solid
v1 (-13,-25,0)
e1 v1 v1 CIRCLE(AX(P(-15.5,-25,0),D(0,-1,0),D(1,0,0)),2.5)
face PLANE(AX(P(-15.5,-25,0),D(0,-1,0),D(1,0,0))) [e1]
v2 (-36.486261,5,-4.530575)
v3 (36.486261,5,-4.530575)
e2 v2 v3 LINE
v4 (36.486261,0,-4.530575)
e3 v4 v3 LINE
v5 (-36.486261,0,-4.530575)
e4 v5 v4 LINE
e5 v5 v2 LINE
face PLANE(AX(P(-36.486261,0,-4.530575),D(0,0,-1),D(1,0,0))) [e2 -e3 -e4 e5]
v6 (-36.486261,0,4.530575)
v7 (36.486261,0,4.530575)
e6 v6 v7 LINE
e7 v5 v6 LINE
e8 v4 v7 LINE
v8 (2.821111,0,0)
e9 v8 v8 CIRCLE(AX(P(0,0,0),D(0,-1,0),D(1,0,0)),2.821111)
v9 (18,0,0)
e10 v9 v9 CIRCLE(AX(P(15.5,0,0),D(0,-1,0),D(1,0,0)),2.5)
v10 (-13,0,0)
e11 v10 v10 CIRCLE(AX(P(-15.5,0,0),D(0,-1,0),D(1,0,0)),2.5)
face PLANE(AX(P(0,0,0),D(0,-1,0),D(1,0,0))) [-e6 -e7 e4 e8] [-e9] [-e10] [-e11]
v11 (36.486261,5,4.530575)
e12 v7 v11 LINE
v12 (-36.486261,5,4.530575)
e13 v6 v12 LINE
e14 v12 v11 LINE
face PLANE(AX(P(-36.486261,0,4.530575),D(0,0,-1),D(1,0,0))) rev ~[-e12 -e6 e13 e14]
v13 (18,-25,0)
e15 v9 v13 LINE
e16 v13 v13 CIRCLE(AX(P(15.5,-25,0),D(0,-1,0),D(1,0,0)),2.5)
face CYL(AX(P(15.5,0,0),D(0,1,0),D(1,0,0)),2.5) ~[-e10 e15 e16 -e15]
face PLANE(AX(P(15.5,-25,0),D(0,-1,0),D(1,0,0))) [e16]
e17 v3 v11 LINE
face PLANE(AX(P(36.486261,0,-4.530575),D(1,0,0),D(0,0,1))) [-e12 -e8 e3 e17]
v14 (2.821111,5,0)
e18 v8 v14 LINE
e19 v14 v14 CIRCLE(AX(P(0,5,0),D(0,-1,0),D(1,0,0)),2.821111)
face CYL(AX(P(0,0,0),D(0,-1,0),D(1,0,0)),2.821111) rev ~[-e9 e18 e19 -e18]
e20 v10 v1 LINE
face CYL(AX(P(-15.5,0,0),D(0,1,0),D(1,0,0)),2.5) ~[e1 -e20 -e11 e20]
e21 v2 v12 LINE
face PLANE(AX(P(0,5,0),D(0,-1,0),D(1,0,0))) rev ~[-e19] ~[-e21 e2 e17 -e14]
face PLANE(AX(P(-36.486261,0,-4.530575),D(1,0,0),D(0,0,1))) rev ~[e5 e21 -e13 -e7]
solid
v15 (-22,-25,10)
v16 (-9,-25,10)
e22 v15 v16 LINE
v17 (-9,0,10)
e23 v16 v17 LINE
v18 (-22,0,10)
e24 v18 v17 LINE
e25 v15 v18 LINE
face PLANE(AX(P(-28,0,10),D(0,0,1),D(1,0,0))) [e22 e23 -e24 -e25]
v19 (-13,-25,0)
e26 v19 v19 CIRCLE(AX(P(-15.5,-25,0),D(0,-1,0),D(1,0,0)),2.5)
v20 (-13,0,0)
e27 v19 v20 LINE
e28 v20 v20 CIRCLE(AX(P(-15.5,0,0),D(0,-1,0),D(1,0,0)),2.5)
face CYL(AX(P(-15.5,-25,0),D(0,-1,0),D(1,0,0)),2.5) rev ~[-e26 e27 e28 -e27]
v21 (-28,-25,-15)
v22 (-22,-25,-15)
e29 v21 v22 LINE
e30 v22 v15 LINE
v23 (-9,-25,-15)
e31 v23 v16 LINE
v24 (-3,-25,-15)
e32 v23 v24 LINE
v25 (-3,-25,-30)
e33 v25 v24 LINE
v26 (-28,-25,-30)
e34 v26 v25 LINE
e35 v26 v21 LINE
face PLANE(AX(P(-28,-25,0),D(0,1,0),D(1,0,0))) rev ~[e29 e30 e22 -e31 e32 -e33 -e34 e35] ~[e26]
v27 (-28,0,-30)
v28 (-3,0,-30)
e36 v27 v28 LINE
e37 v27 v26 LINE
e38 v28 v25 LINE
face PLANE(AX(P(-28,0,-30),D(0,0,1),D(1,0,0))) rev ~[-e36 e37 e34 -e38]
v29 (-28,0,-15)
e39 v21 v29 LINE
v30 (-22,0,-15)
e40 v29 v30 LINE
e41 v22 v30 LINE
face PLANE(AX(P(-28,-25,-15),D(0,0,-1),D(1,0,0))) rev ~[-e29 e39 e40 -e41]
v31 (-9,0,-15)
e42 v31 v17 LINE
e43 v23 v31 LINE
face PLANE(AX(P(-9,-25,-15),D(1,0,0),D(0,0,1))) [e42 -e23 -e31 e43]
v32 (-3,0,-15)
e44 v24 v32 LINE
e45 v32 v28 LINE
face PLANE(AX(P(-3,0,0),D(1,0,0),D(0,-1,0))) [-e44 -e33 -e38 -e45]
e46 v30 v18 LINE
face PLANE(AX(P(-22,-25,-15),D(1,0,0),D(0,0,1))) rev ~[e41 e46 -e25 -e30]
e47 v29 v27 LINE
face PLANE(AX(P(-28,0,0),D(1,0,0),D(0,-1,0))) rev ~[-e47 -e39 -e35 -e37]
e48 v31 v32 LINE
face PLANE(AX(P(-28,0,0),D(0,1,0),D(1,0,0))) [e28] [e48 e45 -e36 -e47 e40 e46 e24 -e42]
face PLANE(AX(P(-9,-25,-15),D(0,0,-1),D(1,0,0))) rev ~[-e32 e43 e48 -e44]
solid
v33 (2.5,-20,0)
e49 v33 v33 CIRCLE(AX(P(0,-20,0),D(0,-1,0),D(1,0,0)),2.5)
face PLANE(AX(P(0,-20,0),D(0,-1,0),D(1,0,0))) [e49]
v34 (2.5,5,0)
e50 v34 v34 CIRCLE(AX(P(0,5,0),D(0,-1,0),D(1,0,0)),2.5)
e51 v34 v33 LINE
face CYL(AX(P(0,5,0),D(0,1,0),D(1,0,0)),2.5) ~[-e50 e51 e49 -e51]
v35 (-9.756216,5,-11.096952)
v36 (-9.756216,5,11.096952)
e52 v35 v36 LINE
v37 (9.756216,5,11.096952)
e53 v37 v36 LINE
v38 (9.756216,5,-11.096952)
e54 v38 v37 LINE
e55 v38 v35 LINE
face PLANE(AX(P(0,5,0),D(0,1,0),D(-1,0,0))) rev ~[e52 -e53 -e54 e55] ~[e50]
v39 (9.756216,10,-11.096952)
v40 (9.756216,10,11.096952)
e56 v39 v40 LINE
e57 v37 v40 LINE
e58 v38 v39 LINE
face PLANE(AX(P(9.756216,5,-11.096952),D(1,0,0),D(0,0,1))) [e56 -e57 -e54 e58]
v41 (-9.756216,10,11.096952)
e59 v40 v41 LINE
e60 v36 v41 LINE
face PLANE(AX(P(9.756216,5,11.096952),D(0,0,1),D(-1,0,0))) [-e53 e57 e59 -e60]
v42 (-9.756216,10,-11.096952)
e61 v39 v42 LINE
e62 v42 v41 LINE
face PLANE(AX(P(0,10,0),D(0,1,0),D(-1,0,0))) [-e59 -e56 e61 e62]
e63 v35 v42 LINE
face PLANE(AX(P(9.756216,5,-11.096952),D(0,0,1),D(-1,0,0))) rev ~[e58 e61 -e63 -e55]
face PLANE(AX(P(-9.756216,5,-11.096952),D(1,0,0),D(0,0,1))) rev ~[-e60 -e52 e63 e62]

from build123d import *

# Parameters (mm, degrees)
F0_W      = 25
F0_H      = 30
F1_DEPTH  = 25
F2_DEPTH  = 10
F3_R      = 2.5
F4_DEPTH  = 25
F5_W      = 72.9725211859
F5_H      = 9.0611493215
F6_DEPTH  = 5
F7_R      = 2.5
F8_DEPTH  = 25
F9_R      = 2.8211111783
F10_DEPTH = 25
F11_W     = 19.5124316961
F11_H     = 22.1939049661
F12_DEPTH = 5
F13_R     = 2.5
F14_DEPTH = 25
F15_W     = 6
F15_H     = 25
F16_DEPTH = 25


with BuildPart() as f1:
    # F0 (on Front) → F1 (new body)
    with BuildSketch(Plane.XZ):
        with Locations((-15.5, -15)):
            Rectangle(F0_W, F0_H)
    extrude(amount=F1_DEPTH)

    # F2 (add): a face of the model
    f2_faces = [f1.faces().sort_by_distance(p)[0] for p in [
        (-15.5, -12.5, 0),
    ]]
    extrude(f2_faces, amount=F2_DEPTH)

    # F3 (on face) → F4 (cut)
    with BuildSketch(Plane.XZ.offset(25)):
        with Locations((-15.5, 0)):
            Circle(F3_R)
    extrude(amount=-F4_DEPTH, mode=Mode.SUBTRACT)

    # F15 (on face) → F16 (cut)
    with BuildSketch(Plane.XZ.offset(25)):
        with Locations((-25, -2.5)):
            Rectangle(F15_W, F15_H)
        with Locations((-6, -2.5)):
            Rectangle(F15_W, F15_H)
    extrude(amount=-F16_DEPTH, mode=Mode.SUBTRACT)


with BuildPart() as f6:
    # F5 (on Front) → F6 (new body)
    with BuildSketch(Plane.XZ):
        Rectangle(F5_W, F5_H)
    extrude(amount=-F6_DEPTH)

    # F7 (on face) → F8 (join)
    with BuildSketch(Plane.XZ):
        with Locations((-15.5, 0)):
            Circle(F7_R)
        with Locations((15.5, 0)):
            Circle(F7_R)
    extrude(amount=F8_DEPTH)

    # F9 (on face) → F10 (cut)
    with BuildSketch(Plane.XZ):
        Circle(F9_R)
    extrude(amount=-F10_DEPTH, mode=Mode.SUBTRACT)


with BuildPart() as f12:
    # F11 (on face) → F12 (new body)
    with BuildSketch(Plane(origin=(0, 5, 0), x_dir=(-1, 0, 0), z_dir=(0, 1, 0))):
        Rectangle(F11_W, F11_H)
    extrude(amount=F12_DEPTH)

    # F13 (on face) → F14 (join)
    with BuildSketch(Plane.XZ.offset(-5)):
        Circle(F13_R)
    extrude(amount=F14_DEPTH)


solid = Compound([f1.part, f6.part, f12.part])
